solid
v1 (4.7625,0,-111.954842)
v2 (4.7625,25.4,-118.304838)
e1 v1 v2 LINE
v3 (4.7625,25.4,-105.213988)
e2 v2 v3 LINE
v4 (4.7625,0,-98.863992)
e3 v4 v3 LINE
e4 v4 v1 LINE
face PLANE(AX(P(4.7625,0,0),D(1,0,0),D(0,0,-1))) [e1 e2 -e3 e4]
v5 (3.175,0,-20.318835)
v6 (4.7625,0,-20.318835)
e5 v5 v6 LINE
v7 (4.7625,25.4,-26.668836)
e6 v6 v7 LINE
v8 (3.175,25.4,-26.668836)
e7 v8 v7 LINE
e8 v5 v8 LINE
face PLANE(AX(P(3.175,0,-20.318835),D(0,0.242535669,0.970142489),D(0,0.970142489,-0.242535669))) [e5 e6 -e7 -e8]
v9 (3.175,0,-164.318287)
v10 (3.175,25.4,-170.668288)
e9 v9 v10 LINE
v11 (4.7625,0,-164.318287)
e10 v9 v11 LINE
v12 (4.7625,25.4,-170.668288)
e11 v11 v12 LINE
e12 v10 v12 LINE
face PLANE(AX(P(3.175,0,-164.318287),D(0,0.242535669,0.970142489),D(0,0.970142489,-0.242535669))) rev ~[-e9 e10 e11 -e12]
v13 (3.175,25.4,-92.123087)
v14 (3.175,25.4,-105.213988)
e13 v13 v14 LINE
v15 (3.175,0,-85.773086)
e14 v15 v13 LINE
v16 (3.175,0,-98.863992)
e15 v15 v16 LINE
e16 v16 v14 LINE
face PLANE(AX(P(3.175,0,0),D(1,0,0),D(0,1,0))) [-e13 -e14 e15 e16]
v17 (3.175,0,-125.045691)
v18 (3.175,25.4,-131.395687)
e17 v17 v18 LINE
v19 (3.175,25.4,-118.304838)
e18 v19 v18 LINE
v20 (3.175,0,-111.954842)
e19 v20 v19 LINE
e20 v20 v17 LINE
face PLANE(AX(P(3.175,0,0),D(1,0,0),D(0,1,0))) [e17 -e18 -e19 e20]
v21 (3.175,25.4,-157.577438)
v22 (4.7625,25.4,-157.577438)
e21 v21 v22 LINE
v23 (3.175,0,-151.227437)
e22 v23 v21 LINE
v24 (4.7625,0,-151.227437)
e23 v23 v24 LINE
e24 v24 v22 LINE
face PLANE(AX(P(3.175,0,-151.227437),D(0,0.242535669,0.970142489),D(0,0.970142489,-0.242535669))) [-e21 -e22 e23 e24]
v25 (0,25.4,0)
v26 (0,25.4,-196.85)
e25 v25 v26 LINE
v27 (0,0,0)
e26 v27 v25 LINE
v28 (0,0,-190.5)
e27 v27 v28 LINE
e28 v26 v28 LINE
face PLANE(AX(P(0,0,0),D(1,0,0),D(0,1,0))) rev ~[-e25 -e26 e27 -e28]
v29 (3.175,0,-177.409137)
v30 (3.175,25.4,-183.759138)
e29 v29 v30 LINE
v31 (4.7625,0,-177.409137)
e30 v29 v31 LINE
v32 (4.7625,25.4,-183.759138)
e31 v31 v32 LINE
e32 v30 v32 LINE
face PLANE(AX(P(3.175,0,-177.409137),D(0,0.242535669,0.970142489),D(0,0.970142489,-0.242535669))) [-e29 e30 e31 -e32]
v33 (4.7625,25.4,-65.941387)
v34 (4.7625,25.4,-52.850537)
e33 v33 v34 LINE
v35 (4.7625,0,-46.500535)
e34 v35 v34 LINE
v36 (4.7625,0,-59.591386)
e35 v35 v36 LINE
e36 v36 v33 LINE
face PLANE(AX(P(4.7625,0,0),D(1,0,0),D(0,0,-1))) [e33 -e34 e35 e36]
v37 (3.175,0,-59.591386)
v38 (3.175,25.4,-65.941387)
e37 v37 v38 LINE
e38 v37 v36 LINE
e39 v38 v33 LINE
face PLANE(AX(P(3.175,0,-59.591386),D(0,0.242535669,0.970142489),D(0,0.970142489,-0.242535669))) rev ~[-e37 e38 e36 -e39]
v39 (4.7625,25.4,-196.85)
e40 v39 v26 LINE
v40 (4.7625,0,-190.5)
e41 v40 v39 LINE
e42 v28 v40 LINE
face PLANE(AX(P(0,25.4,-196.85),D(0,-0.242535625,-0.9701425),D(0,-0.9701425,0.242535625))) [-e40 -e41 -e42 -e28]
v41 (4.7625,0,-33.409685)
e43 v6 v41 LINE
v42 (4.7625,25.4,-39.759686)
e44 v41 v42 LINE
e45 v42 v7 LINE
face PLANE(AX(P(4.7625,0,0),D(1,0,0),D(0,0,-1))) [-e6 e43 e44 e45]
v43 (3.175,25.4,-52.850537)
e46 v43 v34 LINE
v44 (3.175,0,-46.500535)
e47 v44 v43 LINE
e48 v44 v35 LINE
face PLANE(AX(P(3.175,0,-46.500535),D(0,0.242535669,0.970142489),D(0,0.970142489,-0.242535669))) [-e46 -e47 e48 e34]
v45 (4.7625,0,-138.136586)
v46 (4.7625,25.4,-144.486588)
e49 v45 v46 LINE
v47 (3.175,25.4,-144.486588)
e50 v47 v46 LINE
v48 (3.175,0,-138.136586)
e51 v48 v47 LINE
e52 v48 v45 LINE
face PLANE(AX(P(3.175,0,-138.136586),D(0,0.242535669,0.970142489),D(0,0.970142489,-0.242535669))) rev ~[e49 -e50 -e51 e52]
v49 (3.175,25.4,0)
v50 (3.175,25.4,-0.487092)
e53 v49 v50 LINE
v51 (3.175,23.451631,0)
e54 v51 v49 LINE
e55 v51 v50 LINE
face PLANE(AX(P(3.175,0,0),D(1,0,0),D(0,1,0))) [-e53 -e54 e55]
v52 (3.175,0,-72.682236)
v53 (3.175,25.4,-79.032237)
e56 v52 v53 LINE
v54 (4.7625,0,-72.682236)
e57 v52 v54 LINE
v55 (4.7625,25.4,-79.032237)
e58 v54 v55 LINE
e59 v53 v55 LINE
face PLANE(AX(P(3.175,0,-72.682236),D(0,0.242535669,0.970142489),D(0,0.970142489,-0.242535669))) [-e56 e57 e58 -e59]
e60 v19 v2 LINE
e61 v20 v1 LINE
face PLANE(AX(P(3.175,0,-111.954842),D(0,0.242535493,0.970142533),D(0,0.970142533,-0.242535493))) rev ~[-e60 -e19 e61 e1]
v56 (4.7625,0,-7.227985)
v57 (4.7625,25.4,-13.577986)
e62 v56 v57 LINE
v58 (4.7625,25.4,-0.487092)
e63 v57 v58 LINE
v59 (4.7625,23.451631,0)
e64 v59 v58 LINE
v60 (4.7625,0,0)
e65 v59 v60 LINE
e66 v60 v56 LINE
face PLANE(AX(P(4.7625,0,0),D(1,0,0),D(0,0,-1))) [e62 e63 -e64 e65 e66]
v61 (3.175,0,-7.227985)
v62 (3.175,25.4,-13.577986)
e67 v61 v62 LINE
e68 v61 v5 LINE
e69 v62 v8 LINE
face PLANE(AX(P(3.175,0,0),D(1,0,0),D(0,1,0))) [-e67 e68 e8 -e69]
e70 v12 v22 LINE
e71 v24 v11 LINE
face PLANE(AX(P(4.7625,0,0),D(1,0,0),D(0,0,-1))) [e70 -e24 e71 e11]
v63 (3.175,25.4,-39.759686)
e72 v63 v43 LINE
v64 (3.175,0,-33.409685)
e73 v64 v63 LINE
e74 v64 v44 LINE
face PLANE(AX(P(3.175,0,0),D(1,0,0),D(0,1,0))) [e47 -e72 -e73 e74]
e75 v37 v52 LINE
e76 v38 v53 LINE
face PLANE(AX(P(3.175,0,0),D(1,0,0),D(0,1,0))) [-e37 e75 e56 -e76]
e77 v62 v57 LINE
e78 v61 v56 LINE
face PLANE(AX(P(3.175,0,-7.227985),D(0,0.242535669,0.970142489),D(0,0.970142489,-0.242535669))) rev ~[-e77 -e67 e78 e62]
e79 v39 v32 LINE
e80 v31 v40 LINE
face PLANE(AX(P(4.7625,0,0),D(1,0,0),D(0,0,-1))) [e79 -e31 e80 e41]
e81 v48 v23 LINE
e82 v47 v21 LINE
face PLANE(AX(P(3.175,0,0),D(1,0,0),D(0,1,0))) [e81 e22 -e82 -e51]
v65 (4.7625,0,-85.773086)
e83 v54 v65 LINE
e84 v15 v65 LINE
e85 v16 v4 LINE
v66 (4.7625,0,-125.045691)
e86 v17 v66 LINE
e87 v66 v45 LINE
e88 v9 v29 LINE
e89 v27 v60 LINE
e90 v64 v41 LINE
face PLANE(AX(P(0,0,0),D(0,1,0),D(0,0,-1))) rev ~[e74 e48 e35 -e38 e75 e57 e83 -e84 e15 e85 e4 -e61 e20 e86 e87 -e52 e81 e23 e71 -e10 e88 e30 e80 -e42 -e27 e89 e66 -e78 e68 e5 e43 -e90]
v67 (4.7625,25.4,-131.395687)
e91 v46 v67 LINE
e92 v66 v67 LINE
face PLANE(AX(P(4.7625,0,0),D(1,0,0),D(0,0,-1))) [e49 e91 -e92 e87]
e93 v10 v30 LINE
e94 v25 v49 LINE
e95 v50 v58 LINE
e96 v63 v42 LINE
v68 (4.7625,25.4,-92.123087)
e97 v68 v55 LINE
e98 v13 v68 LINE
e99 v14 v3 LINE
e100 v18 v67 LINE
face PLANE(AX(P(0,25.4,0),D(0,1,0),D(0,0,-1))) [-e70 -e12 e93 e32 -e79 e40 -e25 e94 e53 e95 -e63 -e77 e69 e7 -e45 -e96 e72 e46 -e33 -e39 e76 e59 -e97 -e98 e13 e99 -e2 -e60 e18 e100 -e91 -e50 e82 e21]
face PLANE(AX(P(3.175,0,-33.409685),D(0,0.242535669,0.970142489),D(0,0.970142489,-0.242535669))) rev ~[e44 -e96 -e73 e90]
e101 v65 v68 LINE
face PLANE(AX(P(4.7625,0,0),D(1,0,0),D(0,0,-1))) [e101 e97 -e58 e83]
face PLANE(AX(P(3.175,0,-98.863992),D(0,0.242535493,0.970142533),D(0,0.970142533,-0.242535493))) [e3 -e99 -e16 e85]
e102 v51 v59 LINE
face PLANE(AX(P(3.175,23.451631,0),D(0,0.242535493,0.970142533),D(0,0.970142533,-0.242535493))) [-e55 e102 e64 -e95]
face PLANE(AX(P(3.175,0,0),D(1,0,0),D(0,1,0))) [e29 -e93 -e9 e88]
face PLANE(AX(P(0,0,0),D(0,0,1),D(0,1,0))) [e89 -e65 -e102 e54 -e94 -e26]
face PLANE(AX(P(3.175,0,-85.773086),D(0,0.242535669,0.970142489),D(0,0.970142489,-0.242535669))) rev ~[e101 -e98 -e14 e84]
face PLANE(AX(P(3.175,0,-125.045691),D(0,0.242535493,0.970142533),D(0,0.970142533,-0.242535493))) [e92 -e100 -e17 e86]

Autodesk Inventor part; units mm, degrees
ref_plane "YZ Plane" through (0, 0, 0) normal (1, 0, 0) x (0, 1, 0)
ref_plane "XZ Plane" through (0, 0, 0) normal (0, 1, 0) x (-1, 0, 0)
ref_plane "XY Plane" through (0, 0, 0) normal (0, 0, 1) x (1, 0, 0)
sketch "Sketch1" plane through (0, 0, 0) normal (1, 0, 0) x (0, 1, 0)
  line L0 (0, 0) -> (25.4, 0)
  line L1 (0, 0) -> (0, -190.5)
  line L2 (25.4, 0) -> (25.4, -196.85)
  line L3 (25.4, -196.85) -> (0, -190.5)
  dimension "d0" = 25.4
  dimension "d1" = 190.5
  dimension "d2" = 196.85
extrude "Extrusion1" add sketch "Sketch1" along normal blind 3.175
sketch "Sketch2" plane through (3.175, 0, 0) normal (1, 0, 0) x (0, 0, -1)
  line L0 (190.5, 0) -> (196.85, 25.4) projected
  line L1 (196.85, 25.4) -> (0, 25.4) projected
  line L2 (0, 25.4) -> (0, 0) projected
  line L3 (0, 0) -> (190.5, 0) projected
  line L4 (0, 0) -> (190.5, 0) projected
  line L5 (190.5, 0) -> (196.85, 25.4) projected
  line L6 (128.1187, -249.5251) -> (257.6151, 268.4604)
  line L7 (115.7979, -246.4449) -> (245.2943, 271.5406)
  line L8 (103.4771, -243.3647) -> (232.9735, 274.6208)
  line L9 (91.1563, -240.2845) -> (220.6527, 277.701)
  line L10 (78.8355, -237.2043) -> (208.3319, 280.7812)
  line L11 (66.5147, -234.1241) -> (196.011, 283.8614)
  line L12 (54.1939, -231.0439) -> (183.6902, 286.9416)
  line L13 (41.8731, -227.9637) -> (171.3694, 290.0218)
  line L14 (29.5522, -224.8835) -> (159.0486, 293.102)
  line L15 (17.2314, -221.8033) -> (146.7278, 296.1822)
  line L16 (4.9106, -218.7231) -> (134.407, 299.2624)
  line L17 (-7.4102, -215.6429) -> (122.0862, 302.3426)
  line L18 (-19.731, -212.5627) -> (109.7654, 305.4228)
  line L19 (-32.0518, -209.4825) -> (97.4446, 308.503)
  line L20 (-44.3726, -206.4023) -> (85.1238, 311.5832)
  line L21 (-56.6934, -203.3221) -> (72.8029, 314.6634)
  point P0 (183.7591, 25.4)
  point P1 (177.4091, 0)
  point P2 (157.5774, 25.4)
  point P3 (151.2274, 0)
  point P4 (164.3183, 0)
  point P5 (170.6683, 25.4)
  point P6 (131.3957, 25.4)
  point P7 (125.0457, 0)
  point P8 (138.1366, 0)
  point P9 (144.4866, 25.4)
  point P10 (105.214, 25.4)
  point P11 (98.864, 0)
  point P12 (111.9548, 0)
  point P13 (118.3048, 25.4)
  point P14 (79.0323, 25.4)
  point P15 (72.6823, 0)
  point P16 (85.7731, 0)
  point P17 (92.1231, 25.4)
  point P18 (52.8505, 25.4)
  point P19 (46.5005, 0)
  point P20 (59.5914, 0)
  point P21 (65.9414, 25.4)
  point P22 (26.6688, 25.4)
  point P23 (20.3188, 0)
  point P24 (33.4097, 0)
  point P25 (39.7597, 25.4)
  point P26 (0.4871, 25.4)
  point P27 (0, 23.4516)
  point P28 (7.228, 0)
  point P29 (13.578, 25.4)
  dimension "d7" = 12.7
  dimension "d8" = 12.7
  dimension "d9" = 12.7
  dimension "d10" = 12.7
  dimension "d11" = 12.7
  dimension "d12" = 12.7
  dimension "d13" = 12.7
  dimension "d14" = 12.7
  dimension "d15" = 12.7
  dimension "d16" = 12.7
  dimension "d17" = 12.7
  dimension "d18" = 12.7
  dimension "d19" = 12.7
  dimension "d20" = 12.7
  dimension "d21" = 12.7
extrude "Extrusion2" add sketch "Sketch2" along normal blind 1.5875 contours L3 L7 L1 L0 | L3 L9 L1 L8 | L3 L11 L1 L10 | L3 L13 L1 L12 | L3 L15 L1 L14 | L3 L17 L1 L16 | L3 L19 L1 L18 | L3 L2 L21 L1 L20
properties part number "box hole filler"
